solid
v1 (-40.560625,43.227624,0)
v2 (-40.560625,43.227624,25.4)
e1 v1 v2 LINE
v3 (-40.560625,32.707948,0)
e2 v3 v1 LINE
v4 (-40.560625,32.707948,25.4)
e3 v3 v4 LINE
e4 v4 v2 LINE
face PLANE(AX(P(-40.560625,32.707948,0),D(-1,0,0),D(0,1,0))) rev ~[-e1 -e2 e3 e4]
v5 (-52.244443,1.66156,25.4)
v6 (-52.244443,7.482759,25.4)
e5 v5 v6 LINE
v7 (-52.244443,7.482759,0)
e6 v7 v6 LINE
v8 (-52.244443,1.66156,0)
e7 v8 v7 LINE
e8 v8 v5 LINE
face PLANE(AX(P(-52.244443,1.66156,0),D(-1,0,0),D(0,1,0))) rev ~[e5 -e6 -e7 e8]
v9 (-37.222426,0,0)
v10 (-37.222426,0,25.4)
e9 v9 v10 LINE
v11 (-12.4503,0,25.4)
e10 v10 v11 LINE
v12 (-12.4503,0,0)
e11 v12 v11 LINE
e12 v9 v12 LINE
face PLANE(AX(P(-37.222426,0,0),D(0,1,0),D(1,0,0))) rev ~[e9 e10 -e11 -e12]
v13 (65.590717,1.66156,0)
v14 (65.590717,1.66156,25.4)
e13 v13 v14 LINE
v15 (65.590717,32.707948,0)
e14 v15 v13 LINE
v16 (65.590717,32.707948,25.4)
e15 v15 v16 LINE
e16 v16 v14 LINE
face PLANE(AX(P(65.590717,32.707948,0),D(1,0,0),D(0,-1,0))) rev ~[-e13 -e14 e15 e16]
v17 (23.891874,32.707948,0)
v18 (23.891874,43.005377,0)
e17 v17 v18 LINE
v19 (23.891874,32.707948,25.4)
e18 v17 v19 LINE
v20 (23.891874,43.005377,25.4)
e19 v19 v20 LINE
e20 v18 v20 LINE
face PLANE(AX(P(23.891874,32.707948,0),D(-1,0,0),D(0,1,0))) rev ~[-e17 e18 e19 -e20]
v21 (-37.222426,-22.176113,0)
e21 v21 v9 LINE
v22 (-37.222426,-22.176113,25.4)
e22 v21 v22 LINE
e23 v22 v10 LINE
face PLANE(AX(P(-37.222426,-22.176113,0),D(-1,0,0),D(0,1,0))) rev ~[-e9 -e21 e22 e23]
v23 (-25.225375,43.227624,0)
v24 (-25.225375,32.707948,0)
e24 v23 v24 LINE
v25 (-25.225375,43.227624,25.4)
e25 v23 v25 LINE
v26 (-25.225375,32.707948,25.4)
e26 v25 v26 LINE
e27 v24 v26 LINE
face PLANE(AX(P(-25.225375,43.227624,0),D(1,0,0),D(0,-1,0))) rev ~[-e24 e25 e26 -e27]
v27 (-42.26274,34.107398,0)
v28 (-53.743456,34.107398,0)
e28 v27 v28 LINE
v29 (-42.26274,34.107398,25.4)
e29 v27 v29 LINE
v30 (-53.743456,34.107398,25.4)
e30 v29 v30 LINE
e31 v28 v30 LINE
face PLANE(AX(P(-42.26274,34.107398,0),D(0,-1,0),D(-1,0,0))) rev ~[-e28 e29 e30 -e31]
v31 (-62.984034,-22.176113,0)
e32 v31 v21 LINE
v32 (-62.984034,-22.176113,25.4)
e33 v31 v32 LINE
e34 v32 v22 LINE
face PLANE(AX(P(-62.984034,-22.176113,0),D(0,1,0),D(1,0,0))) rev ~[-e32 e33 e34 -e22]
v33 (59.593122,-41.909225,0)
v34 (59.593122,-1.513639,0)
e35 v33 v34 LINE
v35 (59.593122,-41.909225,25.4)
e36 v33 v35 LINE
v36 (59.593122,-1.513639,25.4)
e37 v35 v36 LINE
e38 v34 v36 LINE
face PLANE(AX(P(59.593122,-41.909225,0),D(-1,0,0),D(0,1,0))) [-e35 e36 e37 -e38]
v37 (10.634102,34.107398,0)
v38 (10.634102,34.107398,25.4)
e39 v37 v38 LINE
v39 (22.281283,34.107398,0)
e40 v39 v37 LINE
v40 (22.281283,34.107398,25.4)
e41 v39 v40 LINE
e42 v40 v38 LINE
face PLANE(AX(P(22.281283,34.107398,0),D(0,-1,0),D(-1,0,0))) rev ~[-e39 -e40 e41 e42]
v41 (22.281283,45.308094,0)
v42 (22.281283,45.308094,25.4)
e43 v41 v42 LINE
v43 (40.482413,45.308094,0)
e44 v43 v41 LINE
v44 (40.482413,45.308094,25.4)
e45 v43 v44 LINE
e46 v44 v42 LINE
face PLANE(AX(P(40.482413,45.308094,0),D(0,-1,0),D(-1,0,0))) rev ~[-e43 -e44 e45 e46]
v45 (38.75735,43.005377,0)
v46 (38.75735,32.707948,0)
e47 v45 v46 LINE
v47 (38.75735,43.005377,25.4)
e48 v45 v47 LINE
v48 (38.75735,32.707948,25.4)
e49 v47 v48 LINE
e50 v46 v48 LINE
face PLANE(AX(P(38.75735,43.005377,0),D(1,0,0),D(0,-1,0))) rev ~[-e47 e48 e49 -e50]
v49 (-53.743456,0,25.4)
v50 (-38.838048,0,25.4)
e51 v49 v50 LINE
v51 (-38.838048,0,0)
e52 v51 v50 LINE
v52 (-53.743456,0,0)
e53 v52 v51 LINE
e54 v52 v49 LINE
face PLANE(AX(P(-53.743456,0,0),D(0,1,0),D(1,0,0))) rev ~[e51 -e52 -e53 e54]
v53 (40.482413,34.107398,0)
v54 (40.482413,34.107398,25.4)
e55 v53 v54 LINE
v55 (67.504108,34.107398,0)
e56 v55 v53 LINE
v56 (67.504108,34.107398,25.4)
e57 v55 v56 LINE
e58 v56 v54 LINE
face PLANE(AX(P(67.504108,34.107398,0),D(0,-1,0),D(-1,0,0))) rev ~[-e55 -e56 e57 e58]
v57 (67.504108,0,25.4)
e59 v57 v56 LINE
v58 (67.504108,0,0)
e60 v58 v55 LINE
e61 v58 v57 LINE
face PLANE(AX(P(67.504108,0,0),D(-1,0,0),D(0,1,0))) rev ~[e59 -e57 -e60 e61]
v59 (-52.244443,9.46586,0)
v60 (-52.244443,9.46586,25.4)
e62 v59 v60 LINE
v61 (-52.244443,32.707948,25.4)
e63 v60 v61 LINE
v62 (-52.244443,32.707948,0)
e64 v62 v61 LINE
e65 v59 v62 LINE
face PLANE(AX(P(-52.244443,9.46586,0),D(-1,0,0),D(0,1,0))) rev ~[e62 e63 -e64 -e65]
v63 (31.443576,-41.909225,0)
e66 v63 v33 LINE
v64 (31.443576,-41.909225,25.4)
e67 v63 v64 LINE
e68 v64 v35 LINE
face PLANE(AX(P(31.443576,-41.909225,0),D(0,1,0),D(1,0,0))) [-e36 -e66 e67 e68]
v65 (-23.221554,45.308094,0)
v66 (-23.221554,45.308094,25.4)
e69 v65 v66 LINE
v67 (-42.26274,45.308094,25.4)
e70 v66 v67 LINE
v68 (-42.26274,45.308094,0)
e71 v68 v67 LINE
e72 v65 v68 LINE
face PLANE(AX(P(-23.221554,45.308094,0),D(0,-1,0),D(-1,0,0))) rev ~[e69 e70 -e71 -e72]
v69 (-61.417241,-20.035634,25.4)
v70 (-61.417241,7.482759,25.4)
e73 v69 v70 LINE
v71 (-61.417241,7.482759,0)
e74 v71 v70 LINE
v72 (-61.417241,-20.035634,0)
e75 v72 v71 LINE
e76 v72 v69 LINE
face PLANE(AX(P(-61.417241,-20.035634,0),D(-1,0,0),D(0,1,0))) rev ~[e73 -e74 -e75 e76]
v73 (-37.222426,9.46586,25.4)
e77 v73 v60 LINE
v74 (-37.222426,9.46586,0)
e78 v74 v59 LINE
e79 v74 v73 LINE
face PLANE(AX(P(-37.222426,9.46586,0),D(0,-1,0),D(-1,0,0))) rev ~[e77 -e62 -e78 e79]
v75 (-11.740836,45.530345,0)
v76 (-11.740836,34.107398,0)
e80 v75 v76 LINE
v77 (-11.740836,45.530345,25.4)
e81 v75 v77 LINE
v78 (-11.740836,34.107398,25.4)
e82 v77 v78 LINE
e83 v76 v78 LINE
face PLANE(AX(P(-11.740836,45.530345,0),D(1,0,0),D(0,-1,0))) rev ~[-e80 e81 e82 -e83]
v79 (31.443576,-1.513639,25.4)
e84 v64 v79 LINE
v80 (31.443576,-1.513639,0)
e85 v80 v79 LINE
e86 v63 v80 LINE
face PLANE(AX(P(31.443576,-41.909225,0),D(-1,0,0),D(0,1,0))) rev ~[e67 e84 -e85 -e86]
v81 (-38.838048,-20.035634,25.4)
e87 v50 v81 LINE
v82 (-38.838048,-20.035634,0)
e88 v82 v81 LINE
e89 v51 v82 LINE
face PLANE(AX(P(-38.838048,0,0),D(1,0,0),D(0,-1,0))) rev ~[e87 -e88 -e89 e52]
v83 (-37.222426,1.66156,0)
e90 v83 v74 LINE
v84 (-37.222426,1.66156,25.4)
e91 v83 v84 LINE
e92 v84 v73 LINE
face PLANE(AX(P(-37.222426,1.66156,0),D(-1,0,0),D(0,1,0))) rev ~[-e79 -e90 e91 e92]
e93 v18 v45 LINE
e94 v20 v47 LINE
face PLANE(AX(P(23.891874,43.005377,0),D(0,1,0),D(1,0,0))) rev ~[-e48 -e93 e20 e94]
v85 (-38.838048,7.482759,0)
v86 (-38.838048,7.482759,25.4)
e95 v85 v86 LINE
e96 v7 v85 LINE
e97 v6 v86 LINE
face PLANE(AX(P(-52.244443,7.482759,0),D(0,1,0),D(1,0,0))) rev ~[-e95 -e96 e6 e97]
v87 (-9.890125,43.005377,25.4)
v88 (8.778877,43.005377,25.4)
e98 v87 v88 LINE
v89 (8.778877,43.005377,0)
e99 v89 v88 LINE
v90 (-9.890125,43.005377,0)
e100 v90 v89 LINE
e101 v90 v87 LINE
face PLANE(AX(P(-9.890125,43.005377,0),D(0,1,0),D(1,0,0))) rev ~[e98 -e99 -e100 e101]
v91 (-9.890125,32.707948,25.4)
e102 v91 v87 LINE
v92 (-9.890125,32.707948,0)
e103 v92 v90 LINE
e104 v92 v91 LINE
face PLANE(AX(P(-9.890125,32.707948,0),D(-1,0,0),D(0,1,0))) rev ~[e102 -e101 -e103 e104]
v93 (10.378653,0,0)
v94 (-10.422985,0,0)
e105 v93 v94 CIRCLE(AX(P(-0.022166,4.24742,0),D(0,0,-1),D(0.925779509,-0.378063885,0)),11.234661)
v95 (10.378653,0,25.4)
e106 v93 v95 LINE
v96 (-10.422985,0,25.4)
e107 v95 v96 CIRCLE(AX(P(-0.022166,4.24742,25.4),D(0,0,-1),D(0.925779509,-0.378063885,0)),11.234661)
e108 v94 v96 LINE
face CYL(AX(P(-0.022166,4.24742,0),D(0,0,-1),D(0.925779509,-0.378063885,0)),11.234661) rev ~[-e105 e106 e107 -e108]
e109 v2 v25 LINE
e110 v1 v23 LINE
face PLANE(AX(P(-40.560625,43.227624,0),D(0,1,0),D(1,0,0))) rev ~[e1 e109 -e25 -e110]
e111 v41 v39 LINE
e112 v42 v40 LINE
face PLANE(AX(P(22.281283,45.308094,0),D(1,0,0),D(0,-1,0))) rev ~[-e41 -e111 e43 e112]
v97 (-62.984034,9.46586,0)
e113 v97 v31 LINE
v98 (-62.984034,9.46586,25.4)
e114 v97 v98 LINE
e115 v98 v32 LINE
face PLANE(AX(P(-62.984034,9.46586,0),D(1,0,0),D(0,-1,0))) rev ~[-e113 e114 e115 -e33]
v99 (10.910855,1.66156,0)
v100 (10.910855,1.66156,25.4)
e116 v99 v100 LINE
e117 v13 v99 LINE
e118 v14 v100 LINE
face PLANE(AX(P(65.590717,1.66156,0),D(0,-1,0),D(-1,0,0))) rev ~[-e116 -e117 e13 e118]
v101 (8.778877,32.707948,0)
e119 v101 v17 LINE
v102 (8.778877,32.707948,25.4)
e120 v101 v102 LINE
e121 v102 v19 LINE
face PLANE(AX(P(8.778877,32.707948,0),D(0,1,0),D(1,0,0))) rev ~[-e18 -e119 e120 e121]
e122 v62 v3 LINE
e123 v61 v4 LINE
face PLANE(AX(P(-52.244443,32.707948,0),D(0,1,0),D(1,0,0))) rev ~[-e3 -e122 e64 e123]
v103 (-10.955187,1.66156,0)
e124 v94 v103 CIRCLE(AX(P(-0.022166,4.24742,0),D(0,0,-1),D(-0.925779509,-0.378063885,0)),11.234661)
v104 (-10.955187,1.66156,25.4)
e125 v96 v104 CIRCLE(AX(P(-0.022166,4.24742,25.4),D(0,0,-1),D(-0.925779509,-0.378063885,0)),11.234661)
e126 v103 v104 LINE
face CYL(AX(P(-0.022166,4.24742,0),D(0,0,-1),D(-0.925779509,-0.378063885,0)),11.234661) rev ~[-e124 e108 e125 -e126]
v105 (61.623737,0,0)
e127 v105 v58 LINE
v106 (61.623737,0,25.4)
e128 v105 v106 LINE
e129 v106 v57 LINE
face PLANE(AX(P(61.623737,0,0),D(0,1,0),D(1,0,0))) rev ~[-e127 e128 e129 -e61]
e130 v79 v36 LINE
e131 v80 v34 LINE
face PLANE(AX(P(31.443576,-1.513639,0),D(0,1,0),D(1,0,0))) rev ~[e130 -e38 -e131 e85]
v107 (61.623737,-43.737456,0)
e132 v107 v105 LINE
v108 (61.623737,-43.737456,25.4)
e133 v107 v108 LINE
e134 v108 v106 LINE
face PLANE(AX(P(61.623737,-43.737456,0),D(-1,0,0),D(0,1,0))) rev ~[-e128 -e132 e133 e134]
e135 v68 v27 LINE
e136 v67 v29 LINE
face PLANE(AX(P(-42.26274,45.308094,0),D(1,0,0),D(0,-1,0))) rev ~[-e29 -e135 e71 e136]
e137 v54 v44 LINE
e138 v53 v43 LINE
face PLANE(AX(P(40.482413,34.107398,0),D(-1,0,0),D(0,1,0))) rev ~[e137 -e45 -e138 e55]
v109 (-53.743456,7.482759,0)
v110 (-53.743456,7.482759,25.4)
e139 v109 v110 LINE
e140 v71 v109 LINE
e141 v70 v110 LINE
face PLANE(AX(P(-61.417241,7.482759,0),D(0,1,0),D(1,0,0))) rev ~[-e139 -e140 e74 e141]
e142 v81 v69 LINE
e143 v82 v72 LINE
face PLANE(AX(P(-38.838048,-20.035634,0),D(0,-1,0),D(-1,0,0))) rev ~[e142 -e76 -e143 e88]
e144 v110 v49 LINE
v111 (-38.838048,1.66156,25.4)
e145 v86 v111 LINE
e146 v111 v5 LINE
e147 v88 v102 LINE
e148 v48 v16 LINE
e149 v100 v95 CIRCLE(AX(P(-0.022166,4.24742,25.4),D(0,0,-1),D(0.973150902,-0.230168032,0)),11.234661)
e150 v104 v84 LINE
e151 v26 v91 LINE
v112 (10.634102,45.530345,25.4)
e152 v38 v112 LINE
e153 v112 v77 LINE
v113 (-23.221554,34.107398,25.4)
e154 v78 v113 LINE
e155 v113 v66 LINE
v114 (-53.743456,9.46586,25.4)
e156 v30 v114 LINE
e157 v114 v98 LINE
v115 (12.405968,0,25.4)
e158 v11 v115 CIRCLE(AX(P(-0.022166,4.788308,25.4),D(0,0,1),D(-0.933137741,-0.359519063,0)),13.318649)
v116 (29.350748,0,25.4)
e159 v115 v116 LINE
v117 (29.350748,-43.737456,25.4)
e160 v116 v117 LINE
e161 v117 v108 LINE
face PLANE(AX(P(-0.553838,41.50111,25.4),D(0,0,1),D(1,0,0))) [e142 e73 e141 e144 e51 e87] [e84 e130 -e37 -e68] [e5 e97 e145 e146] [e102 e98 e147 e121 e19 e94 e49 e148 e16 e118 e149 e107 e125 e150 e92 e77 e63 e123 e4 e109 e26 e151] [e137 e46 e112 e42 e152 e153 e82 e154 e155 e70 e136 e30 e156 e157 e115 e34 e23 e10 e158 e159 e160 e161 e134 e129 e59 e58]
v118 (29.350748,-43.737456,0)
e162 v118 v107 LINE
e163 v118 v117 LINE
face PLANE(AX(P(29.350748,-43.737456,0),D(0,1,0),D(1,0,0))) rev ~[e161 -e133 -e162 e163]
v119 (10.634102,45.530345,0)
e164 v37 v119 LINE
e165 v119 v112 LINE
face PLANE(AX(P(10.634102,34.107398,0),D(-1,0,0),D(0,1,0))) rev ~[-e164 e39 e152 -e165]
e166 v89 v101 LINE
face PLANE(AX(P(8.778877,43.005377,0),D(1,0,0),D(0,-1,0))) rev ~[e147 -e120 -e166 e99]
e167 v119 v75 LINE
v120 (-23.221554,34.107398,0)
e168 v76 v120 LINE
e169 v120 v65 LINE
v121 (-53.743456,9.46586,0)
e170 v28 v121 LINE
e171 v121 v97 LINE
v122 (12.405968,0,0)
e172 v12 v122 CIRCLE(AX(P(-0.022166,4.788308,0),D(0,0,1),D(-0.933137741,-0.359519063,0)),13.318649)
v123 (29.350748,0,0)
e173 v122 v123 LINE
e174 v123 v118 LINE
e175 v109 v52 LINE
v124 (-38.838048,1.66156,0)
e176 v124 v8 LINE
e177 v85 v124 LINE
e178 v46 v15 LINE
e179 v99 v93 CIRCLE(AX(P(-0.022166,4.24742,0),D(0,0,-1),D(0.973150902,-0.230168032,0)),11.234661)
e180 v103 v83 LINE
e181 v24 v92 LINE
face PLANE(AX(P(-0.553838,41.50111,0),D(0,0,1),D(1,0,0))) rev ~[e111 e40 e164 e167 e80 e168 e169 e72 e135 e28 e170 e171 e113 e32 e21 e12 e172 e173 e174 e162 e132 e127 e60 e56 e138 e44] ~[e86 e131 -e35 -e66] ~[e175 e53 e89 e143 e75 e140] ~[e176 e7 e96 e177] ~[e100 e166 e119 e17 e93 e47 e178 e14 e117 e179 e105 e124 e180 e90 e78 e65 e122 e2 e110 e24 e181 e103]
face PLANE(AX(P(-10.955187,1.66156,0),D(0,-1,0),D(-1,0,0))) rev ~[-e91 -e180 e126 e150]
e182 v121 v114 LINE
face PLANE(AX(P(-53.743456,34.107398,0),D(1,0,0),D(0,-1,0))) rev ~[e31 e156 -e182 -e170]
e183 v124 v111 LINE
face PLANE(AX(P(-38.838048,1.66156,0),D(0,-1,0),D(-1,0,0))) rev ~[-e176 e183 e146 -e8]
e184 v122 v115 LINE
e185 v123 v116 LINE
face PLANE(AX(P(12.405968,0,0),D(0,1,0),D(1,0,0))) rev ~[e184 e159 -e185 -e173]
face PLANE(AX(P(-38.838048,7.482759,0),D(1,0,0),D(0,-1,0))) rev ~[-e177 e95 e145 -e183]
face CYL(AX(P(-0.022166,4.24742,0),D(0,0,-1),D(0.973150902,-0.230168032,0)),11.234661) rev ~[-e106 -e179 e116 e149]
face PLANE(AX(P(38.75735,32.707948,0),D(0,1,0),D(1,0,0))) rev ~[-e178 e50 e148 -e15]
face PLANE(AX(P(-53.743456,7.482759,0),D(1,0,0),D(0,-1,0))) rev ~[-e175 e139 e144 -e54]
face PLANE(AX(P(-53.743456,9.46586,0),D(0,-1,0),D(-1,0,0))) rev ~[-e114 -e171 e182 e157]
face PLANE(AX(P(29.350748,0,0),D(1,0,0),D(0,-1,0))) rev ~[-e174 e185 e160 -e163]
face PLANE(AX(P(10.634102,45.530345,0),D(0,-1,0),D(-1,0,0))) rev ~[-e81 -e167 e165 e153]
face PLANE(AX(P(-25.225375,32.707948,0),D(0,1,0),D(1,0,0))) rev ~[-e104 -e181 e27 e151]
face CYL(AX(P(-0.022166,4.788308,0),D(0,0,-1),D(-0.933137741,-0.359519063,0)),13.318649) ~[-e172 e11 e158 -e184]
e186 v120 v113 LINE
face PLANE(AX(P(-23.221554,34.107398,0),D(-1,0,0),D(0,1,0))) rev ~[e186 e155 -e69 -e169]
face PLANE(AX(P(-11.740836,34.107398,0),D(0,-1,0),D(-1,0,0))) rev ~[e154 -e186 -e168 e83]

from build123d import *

# Parameters (mm, degrees)
F0_W     = 1.4990121126
F0_H     = 1.9831014797
F0_W_2   = 1.6156211495
F0_H_2   = 1.6615597997
F0_W_3   = 28.149546124
F0_H_3   = 40.3955862857
F1_DEPTH = 25.4


with BuildPart() as f1:
    # F0 (on Top) → F1 (new body)
    with BuildSketch(Plane.XY):
        Polygon((-11.7408363149, 45.5303452909), (-11.7408363149, 34.1073982418), (-9.8901251331, 34.1073982418), (-9.8901251331, 43.0053770542), (8.778876625, 43.0053770542), (8.778876625, 34.1073982418), (10.634101578, 34.1073982418), (10.634101578, 45.5303452909), align=None)
        Polygon((-42.2627404332, 45.3080944717), (-42.2627404332, 34.1073982418), (-40.5606254935, 34.1073982418), (-40.5606254935, 43.2276241481), (-25.2253748477, 43.2276241481), (-25.2253748477, 34.1073982418), (-23.2215542346, 34.1073982418), (-23.2215542346, 45.3080944717), align=None)
        Polygon((-23.2215542346, 34.1073982418), (-25.2253748477, 34.1073982418), (-25.2253748477, 32.7079482377), (-9.8901251331, 32.7079482377), (-9.8901251331, 34.1073982418), (-11.7408363149, 34.1073982418), align=None)
        Polygon((-42.2627404332, 34.1073982418), (-53.743455559, 34.1073982418), (-53.743455559, 9.4658602029), (-52.2444434464, 9.4658602029), (-52.2444434464, 32.7079482377), (-40.5606254935, 32.7079482377), (-40.5606254935, 34.1073982418), align=None)
        Polygon((-53.743455559, 7.4827587232), (-53.743455559, 9.4658602029), (-62.9840344191, 9.4658602029), (-62.9840344191, -22.1761129797), (-37.2224263847, -22.1761129797), (-37.2224263847, 0), (-38.8380475342, 0), (-38.8380475342, -20.0356338173), (-61.4172406495, -20.0356338173), (-61.4172406495, 7.4827587232), align=None)
        Polygon((-52.2444434464, 7.4827587232), (-53.743455559, 7.4827587232), (-53.743455559, 0), (-38.8380475342, 0), (-38.8380475342, 1.6615597997), (-52.2444434464, 1.6615597997), align=None)
        Polygon((-37.2224263847, 9.4658602029), (-52.2444434464, 9.4658602029), (-52.2444434464, 7.4827587232), (-38.8380475342, 7.4827587232), (-38.8380475342, 1.6615597997), (-37.2224263847, 1.6615597997), align=None)
        with Locations((-52.9939495027, 8.4743094631)):
            Rectangle(F0_W, F0_H)
        with Locations((-38.0302369595, 0.8307798998)):
            Rectangle(F0_W_2, F0_H_2)
        with BuildLine():
            Line((-10.9551865608, 1.6615597997), (-37.2224263847, 1.6615597997))
            Line((-37.2224263847, 1.6615597997), (-37.2224263847, 0))
            Line((-37.2224263847, 0), (-12.4503001571, 0))
            Line((-12.4503001571, 0), (-10.4229850138, 0))
            ThreePointArc((-10.4229850138, 0), (-10.7213890086, 0.8204331014), (-10.9551865608, 1.6615597997))
        make_face()
        with BuildLine():
            Line((31.4435763285, 1.6615597997), (10.9108546749, 1.6615597997))
            ThreePointArc((10.9108546749, 1.6615597997), (10.6770571227, 0.8204331014), (10.378653128, 0))
            Line((10.378653128, 0), (12.4059682712, 0))
            Line((12.4059682712, 0), (29.3507482857, 0))
            Line((29.3507482857, 0), (31.4435763285, 0))
            Line((31.4435763285, 0), (31.4435763285, 1.6615597997))
        make_face()
        with BuildLine():
            Line((-10.4229850138, 0), (-12.4503001571, 0))
            ThreePointArc((-12.4503001571, 0), (-0.0221659429, -8.5303409081), (12.4059682712, 0))
            Line((12.4059682712, 0), (10.378653128, 0))
            ThreePointArc((10.378653128, 0), (-0.0221659429, -6.9872415007), (-10.4229850138, 0))
        make_face()
        Polygon((31.4435763285, 0), (29.3507482857, 0), (29.3507482857, -43.7374562025), (61.623737216, -43.7374562025), (61.623737216, 0), align=None)
        with Locations((45.5183493905, -21.7114321422)):
            Rectangle(F0_W_3, F0_H_3, mode=Mode.SUBTRACT)
        Polygon((65.5907168984, 1.6615597997), (31.4435763285, 1.6615597997), (31.4435763285, 0), (61.623737216, 0), (67.5041079521, 0), (67.5041079521, 34.1073982418), (40.482412558, 34.1073982418), (38.7573502958, 34.1073982418), (38.7573502958, 32.7079482377), (65.5907168984, 32.7079482377), align=None)
        Polygon((22.2812830471, 34.1073982418), (23.8918736577, 34.1073982418), (23.8918736577, 43.0053770542), (38.7573502958, 43.0053770542), (38.7573502958, 34.1073982418), (40.482412558, 34.1073982418), (40.482412558, 45.3080944717), (22.2812830471, 45.3080944717), align=None)
        Polygon((8.778876625, 34.1073982418), (8.778876625, 32.7079482377), (23.8918736577, 32.7079482377), (23.8918736577, 34.1073982418), (22.2812830471, 34.1073982418), (10.634101578, 34.1073982418), align=None)
    extrude(amount=F1_DEPTH)


solid = f1.part
